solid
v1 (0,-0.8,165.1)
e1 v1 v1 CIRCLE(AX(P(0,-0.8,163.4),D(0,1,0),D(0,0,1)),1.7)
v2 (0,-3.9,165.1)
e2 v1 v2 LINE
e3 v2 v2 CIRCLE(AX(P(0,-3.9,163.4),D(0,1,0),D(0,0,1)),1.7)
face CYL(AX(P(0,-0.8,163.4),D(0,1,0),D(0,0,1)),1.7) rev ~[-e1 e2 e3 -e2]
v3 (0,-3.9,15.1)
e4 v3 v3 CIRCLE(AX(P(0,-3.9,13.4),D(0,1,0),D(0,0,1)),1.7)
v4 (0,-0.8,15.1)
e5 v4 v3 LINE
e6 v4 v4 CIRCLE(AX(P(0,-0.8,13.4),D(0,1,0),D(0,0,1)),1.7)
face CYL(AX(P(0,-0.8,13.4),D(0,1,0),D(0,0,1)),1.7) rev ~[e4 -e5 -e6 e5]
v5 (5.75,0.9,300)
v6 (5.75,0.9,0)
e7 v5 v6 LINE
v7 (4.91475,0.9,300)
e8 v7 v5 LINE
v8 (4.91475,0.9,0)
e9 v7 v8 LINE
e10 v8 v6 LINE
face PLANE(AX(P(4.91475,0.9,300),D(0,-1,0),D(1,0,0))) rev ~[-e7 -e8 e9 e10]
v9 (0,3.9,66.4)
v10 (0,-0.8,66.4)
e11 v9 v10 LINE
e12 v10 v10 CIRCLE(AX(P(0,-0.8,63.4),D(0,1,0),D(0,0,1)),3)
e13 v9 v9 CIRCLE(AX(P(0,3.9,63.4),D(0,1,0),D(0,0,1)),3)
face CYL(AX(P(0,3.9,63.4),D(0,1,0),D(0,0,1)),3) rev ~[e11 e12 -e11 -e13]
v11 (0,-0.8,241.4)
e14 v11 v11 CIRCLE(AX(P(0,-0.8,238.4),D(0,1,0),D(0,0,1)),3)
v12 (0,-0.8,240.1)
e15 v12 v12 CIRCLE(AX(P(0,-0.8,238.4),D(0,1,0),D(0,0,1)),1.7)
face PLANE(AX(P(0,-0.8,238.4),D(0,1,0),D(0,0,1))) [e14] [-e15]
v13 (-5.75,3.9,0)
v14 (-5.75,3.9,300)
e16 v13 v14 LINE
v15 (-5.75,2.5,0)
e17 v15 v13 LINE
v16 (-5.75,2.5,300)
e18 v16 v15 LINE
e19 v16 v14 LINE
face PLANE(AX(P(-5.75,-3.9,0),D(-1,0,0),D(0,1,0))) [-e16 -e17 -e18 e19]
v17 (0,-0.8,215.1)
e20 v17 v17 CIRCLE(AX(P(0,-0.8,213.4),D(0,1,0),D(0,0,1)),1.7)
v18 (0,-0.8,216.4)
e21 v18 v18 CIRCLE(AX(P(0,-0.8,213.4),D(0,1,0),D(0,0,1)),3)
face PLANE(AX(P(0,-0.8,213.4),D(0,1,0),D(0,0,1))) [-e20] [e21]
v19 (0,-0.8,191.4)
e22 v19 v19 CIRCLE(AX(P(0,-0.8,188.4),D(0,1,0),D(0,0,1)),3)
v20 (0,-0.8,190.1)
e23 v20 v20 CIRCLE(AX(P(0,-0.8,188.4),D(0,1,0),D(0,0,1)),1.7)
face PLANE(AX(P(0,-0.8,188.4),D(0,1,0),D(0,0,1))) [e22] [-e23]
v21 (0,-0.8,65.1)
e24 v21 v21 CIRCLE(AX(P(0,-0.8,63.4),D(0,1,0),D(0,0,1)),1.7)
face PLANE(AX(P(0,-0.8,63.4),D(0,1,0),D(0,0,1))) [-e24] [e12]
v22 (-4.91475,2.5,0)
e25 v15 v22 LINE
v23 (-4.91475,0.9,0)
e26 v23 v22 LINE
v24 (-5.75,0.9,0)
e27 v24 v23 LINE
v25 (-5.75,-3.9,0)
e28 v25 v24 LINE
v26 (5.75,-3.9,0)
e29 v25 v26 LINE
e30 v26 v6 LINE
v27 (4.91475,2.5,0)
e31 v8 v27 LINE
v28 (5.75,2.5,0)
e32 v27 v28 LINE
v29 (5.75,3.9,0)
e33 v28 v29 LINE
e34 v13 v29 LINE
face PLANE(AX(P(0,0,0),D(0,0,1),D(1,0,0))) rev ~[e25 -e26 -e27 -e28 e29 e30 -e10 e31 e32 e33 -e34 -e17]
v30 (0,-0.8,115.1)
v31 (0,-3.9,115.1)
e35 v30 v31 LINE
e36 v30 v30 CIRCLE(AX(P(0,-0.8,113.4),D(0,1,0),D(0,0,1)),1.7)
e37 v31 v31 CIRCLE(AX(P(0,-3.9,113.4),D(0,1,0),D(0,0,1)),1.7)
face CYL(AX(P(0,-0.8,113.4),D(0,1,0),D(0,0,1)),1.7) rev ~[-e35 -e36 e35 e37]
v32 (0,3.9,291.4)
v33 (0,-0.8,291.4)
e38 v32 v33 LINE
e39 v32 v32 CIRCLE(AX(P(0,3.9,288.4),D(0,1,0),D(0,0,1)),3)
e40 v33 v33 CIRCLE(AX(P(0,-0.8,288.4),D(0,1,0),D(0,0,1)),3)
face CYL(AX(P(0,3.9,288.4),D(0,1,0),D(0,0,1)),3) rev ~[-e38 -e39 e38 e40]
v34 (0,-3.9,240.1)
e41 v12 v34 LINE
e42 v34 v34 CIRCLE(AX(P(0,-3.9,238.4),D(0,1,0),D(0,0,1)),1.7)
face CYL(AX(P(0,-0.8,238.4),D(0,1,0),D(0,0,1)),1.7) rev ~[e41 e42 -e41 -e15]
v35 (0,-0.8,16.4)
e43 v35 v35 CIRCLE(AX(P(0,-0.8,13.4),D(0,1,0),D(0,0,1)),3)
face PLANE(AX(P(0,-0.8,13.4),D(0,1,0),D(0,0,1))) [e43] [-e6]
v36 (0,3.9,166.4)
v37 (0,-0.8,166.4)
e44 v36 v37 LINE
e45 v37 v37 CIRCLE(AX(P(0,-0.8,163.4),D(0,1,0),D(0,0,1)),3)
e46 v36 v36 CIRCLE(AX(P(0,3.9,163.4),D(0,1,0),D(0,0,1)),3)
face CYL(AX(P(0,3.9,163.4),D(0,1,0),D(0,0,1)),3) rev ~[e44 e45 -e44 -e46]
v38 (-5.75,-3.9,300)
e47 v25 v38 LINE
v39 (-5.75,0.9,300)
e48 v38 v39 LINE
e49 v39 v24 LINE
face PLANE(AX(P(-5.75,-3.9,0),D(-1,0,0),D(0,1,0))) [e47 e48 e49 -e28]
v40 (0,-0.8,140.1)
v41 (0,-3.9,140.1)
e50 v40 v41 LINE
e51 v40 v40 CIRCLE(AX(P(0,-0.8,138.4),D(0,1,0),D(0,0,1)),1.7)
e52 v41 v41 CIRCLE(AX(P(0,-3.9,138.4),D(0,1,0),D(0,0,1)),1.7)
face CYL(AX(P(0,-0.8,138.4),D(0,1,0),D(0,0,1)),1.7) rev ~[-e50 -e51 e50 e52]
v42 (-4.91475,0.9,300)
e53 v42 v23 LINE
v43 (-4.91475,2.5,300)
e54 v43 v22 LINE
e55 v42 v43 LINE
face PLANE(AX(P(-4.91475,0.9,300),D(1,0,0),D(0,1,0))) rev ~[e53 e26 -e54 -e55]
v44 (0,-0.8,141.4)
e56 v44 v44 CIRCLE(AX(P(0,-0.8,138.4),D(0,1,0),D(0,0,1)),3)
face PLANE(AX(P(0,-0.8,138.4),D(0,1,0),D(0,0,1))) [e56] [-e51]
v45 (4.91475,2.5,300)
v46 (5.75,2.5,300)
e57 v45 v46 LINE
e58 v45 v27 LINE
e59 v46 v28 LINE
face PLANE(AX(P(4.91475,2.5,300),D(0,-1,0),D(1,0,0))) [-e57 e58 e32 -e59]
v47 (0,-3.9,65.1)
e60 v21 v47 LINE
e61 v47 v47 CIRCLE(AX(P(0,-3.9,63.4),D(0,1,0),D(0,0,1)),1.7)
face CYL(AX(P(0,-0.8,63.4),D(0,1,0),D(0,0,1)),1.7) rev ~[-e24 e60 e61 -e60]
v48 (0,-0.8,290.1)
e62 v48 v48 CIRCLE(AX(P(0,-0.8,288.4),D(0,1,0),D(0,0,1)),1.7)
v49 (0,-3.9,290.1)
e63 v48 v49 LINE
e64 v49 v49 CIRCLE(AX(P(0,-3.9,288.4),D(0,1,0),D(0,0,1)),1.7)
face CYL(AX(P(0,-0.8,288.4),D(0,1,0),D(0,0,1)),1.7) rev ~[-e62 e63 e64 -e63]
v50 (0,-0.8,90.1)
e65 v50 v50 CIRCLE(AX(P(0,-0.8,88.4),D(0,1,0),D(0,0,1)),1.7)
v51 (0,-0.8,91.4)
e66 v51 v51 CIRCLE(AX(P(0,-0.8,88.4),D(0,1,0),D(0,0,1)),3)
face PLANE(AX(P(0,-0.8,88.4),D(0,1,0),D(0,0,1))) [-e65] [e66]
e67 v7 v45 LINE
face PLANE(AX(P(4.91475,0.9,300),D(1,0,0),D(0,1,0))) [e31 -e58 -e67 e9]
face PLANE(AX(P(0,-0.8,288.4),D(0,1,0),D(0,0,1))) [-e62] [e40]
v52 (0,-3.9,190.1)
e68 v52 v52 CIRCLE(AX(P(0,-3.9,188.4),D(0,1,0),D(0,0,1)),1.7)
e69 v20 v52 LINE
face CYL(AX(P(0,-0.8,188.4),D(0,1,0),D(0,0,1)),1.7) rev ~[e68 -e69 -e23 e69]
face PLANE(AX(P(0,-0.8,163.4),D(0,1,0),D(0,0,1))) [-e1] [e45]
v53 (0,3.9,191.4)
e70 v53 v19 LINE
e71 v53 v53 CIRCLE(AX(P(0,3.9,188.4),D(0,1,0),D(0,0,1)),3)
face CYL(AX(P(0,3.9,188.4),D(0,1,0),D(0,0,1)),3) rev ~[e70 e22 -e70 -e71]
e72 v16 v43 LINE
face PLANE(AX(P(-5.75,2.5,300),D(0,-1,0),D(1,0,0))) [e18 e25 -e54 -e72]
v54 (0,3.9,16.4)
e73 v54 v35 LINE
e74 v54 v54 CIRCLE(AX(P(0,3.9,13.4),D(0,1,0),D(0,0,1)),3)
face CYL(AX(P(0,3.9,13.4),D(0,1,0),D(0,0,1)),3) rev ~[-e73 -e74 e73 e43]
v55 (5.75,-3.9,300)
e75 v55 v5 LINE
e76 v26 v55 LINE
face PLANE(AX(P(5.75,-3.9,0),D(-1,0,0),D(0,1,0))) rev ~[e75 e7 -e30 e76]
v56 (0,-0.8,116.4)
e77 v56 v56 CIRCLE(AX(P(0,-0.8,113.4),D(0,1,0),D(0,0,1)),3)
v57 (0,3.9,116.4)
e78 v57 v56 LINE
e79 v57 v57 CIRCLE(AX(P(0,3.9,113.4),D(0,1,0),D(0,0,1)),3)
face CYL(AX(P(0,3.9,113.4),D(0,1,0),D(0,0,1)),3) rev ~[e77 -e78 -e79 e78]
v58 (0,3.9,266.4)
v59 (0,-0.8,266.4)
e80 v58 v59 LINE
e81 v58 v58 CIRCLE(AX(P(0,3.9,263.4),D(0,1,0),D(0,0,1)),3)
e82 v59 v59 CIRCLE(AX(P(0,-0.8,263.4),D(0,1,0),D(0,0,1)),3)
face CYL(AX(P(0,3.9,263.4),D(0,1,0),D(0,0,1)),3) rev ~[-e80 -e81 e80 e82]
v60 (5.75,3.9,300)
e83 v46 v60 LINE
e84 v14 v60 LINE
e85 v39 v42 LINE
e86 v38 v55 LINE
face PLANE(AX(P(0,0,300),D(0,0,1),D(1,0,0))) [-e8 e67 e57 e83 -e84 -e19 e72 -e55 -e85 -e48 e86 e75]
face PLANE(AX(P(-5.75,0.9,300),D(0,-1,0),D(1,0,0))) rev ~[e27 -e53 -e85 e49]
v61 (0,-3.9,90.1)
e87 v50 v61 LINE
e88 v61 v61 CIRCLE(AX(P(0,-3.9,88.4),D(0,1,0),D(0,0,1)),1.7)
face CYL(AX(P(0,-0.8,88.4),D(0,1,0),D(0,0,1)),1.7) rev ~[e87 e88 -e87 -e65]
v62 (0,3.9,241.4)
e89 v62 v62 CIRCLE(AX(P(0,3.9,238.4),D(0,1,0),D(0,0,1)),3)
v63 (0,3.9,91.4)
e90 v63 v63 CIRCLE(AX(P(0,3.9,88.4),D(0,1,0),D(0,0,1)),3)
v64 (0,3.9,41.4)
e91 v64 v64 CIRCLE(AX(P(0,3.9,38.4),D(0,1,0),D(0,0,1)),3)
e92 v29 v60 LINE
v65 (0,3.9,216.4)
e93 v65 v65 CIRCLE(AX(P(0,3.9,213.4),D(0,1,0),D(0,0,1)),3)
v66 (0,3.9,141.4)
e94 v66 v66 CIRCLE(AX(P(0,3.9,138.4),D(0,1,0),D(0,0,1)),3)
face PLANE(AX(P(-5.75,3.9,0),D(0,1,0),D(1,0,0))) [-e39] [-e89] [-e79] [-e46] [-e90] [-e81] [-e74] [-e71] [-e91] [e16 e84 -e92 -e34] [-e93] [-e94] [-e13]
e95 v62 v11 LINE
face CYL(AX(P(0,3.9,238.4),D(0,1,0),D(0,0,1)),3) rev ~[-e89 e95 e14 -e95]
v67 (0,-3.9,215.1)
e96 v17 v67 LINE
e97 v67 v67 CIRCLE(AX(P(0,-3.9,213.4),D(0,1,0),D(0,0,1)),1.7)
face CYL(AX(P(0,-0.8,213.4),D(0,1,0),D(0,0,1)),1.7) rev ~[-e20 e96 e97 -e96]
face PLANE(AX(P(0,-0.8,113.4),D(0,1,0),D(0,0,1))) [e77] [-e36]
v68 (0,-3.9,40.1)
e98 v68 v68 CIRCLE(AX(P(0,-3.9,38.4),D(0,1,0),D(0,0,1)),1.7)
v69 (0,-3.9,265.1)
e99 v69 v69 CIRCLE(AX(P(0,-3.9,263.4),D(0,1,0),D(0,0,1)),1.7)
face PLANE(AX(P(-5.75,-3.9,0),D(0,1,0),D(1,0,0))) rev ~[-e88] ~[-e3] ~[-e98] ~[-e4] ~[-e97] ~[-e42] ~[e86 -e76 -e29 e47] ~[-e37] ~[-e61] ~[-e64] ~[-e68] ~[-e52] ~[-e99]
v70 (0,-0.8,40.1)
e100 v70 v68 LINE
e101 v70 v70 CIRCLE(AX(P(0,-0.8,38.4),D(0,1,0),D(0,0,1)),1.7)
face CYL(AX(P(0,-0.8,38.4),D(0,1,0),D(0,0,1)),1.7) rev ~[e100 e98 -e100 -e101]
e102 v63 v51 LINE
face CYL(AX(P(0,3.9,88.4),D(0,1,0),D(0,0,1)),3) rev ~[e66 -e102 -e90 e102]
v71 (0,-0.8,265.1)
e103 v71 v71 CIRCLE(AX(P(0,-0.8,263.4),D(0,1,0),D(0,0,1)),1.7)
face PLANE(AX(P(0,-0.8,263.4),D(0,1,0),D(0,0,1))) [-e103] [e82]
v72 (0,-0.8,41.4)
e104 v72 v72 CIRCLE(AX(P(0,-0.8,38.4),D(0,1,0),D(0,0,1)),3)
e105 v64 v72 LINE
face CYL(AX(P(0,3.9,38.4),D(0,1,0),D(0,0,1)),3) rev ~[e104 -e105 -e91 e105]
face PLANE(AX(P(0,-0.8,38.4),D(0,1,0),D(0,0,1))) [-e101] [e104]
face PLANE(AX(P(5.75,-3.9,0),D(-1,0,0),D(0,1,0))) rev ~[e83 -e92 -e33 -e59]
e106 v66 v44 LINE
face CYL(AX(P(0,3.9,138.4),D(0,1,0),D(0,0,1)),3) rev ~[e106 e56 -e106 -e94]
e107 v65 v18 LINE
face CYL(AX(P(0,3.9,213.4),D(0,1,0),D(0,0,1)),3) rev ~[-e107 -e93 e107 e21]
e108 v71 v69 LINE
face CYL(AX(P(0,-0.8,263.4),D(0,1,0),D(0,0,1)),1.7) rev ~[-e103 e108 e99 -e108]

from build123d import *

# Parameters (mm, degrees)
SKETCH1_W           = 11.5
SKETCH1_H           = 7.8
BOSS_EXTRUDE1_DEPTH = 300
SKETCH2_W           = 0.835250229
SKETCH2_H           = 1.6
CUT_EXTRUDE1_DEPTH  = 301.080443381
SKETCH3_R           = 3
CUT_EXTRUDE2_DEPTH  = 4.7
SKETCH4_R           = 1.7
CUT_EXTRUDE3_DEPTH  = 301.091906755


with BuildPart() as part:
    # Sketch1 → Boss-Extrude1 (new body)
    with BuildSketch(Plane.XY):
        Rectangle(SKETCH1_W, SKETCH1_H)
    extrude(amount=BOSS_EXTRUDE1_DEPTH)

    # Sketch2 → Cut-Extrude1 (cut, through all)
    with BuildSketch(Plane.XY.offset(300)):
        with Locations((5.332374886, 1.7)):
            Rectangle(SKETCH2_W, SKETCH2_H)
        with Locations((-5.332374886, 1.7)):
            Rectangle(SKETCH2_W, SKETCH2_H)
    extrude(amount=-CUT_EXTRUDE1_DEPTH, mode=Mode.SUBTRACT)

    # Sketch3 → Cut-Extrude2 (cut)
    with BuildSketch(Plane(origin=(0, 3.9, 0), x_dir=(1, 0, 0), z_dir=(0, 1, 0))):
        with Locations(Location((0, -288.4, 0), (0, 0, 270))):
            Circle(SKETCH3_R)
        with Locations(Location((0, -263.4, 0), (0, 0, 270))):
            Circle(SKETCH3_R)
        with Locations(Location((0, -238.4, 0), (0, 0, 270))):
            Circle(SKETCH3_R)
        with Locations(Location((0, -213.4, 0), (0, 0, 270))):
            Circle(SKETCH3_R)
        with Locations(Location((0, -188.4, 0), (0, 0, 270))):
            Circle(SKETCH3_R)
        with Locations(Location((0, -163.4, 0), (0, 0, 270))):
            Circle(SKETCH3_R)
        with Locations(Location((0, -138.4, 0), (0, 0, 270))):
            Circle(SKETCH3_R)
        with Locations(Location((0, -113.4, 0), (0, 0, 270))):
            Circle(SKETCH3_R)
        with Locations(Location((0, -88.4, 0), (0, 0, 270))):
            Circle(SKETCH3_R)
        with Locations(Location((0, -63.4, 0), (0, 0, 270))):
            Circle(SKETCH3_R)
        with Locations(Location((0, -38.4, 0), (0, 0, 270))):
            Circle(SKETCH3_R)
        with Locations(Location((0, -13.4, 0), (0, 0, 270))):
            Circle(SKETCH3_R)
        with Locations((0, 11.6)):
            Circle(SKETCH3_R)
        with Locations((0, 36.6)):
            Circle(SKETCH3_R)
        with Locations((0, 61.6)):
            Circle(SKETCH3_R)
        with Locations((0, 86.6)):
            Circle(SKETCH3_R)
        with Locations((0, 111.6)):
            Circle(SKETCH3_R)
        with Locations((0, 136.6)):
            Circle(SKETCH3_R)
        with Locations((0, 161.6)):
            Circle(SKETCH3_R)
        with Locations((0, 186.6)):
            Circle(SKETCH3_R)
        with Locations((0, 211.6)):
            Circle(SKETCH3_R)
        with Locations((0, 236.6)):
            Circle(SKETCH3_R)
        with Locations((0, 261.6)):
            Circle(SKETCH3_R)
        with Locations((0, 286.6)):
            Circle(SKETCH3_R)
        with Locations((0, 311.6)):
            Circle(SKETCH3_R)
        with Locations((0, 336.6)):
            Circle(SKETCH3_R)
        with Locations((0, 361.6)):
            Circle(SKETCH3_R)
        with Locations((0, 386.6)):
            Circle(SKETCH3_R)
        with Locations((0, 411.6)):
            Circle(SKETCH3_R)
        with Locations((0, 436.6)):
            Circle(SKETCH3_R)
    extrude(amount=-CUT_EXTRUDE2_DEPTH, mode=Mode.SUBTRACT)

    # Sketch4 → Cut-Extrude3 (cut, through all)
    with BuildSketch(Plane(origin=(0, -0.8, 0), x_dir=(1, 0, 0), z_dir=(0, 1, 0))):
        with Locations(Location((0, -288.4, 0), (0, 0, 270))):
            Circle(SKETCH4_R)
        with Locations(Location((0, -263.4, 0), (0, 0, 270))):
            Circle(SKETCH4_R)
        with Locations(Location((0, -238.4, 0), (0, 0, 270))):
            Circle(SKETCH4_R)
        with Locations(Location((0, -213.4, 0), (0, 0, 270))):
            Circle(SKETCH4_R)
        with Locations(Location((0, -188.4, 0), (0, 0, 270))):
            Circle(SKETCH4_R)
        with Locations(Location((0, -163.4, 0), (0, 0, 270))):
            Circle(SKETCH4_R)
        with Locations(Location((0, -138.4, 0), (0, 0, 270))):
            Circle(SKETCH4_R)
        with Locations(Location((0, -113.4, 0), (0, 0, 270))):
            Circle(SKETCH4_R)
        with Locations(Location((0, -88.4, 0), (0, 0, 270))):
            Circle(SKETCH4_R)
        with Locations(Location((0, -63.4, 0), (0, 0, 270))):
            Circle(SKETCH4_R)
        with Locations(Location((0, -38.4, 0), (0, 0, 270))):
            Circle(SKETCH4_R)
        with Locations(Location((0, -13.4, 0), (0, 0, 270))):
            Circle(SKETCH4_R)
        with Locations((0, 11.6)):
            Circle(SKETCH4_R)
        with Locations((0, 36.6)):
            Circle(SKETCH4_R)
        with Locations((0, 61.6)):
            Circle(SKETCH4_R)
        with Locations((0, 86.6)):
            Circle(SKETCH4_R)
        with Locations((0, 111.6)):
            Circle(SKETCH4_R)
        with Locations((0, 136.6)):
            Circle(SKETCH4_R)
        with Locations((0, 161.6)):
            Circle(SKETCH4_R)
        with Locations((0, 186.6)):
            Circle(SKETCH4_R)
        with Locations((0, 211.6)):
            Circle(SKETCH4_R)
        with Locations((0, 236.6)):
            Circle(SKETCH4_R)
        with Locations((0, 261.6)):
            Circle(SKETCH4_R)
        with Locations((0, 286.6)):
            Circle(SKETCH4_R)
        with Locations((0, 311.6)):
            Circle(SKETCH4_R)
        with Locations((0, 336.6)):
            Circle(SKETCH4_R)
        with Locations((0, 361.6)):
            Circle(SKETCH4_R)
        with Locations((0, 386.6)):
            Circle(SKETCH4_R)
        with Locations((0, 411.6)):
            Circle(SKETCH4_R)
        with Locations((0, 436.6)):
            Circle(SKETCH4_R)
    extrude(amount=-CUT_EXTRUDE3_DEPTH, mode=Mode.SUBTRACT)


solid = part.part
